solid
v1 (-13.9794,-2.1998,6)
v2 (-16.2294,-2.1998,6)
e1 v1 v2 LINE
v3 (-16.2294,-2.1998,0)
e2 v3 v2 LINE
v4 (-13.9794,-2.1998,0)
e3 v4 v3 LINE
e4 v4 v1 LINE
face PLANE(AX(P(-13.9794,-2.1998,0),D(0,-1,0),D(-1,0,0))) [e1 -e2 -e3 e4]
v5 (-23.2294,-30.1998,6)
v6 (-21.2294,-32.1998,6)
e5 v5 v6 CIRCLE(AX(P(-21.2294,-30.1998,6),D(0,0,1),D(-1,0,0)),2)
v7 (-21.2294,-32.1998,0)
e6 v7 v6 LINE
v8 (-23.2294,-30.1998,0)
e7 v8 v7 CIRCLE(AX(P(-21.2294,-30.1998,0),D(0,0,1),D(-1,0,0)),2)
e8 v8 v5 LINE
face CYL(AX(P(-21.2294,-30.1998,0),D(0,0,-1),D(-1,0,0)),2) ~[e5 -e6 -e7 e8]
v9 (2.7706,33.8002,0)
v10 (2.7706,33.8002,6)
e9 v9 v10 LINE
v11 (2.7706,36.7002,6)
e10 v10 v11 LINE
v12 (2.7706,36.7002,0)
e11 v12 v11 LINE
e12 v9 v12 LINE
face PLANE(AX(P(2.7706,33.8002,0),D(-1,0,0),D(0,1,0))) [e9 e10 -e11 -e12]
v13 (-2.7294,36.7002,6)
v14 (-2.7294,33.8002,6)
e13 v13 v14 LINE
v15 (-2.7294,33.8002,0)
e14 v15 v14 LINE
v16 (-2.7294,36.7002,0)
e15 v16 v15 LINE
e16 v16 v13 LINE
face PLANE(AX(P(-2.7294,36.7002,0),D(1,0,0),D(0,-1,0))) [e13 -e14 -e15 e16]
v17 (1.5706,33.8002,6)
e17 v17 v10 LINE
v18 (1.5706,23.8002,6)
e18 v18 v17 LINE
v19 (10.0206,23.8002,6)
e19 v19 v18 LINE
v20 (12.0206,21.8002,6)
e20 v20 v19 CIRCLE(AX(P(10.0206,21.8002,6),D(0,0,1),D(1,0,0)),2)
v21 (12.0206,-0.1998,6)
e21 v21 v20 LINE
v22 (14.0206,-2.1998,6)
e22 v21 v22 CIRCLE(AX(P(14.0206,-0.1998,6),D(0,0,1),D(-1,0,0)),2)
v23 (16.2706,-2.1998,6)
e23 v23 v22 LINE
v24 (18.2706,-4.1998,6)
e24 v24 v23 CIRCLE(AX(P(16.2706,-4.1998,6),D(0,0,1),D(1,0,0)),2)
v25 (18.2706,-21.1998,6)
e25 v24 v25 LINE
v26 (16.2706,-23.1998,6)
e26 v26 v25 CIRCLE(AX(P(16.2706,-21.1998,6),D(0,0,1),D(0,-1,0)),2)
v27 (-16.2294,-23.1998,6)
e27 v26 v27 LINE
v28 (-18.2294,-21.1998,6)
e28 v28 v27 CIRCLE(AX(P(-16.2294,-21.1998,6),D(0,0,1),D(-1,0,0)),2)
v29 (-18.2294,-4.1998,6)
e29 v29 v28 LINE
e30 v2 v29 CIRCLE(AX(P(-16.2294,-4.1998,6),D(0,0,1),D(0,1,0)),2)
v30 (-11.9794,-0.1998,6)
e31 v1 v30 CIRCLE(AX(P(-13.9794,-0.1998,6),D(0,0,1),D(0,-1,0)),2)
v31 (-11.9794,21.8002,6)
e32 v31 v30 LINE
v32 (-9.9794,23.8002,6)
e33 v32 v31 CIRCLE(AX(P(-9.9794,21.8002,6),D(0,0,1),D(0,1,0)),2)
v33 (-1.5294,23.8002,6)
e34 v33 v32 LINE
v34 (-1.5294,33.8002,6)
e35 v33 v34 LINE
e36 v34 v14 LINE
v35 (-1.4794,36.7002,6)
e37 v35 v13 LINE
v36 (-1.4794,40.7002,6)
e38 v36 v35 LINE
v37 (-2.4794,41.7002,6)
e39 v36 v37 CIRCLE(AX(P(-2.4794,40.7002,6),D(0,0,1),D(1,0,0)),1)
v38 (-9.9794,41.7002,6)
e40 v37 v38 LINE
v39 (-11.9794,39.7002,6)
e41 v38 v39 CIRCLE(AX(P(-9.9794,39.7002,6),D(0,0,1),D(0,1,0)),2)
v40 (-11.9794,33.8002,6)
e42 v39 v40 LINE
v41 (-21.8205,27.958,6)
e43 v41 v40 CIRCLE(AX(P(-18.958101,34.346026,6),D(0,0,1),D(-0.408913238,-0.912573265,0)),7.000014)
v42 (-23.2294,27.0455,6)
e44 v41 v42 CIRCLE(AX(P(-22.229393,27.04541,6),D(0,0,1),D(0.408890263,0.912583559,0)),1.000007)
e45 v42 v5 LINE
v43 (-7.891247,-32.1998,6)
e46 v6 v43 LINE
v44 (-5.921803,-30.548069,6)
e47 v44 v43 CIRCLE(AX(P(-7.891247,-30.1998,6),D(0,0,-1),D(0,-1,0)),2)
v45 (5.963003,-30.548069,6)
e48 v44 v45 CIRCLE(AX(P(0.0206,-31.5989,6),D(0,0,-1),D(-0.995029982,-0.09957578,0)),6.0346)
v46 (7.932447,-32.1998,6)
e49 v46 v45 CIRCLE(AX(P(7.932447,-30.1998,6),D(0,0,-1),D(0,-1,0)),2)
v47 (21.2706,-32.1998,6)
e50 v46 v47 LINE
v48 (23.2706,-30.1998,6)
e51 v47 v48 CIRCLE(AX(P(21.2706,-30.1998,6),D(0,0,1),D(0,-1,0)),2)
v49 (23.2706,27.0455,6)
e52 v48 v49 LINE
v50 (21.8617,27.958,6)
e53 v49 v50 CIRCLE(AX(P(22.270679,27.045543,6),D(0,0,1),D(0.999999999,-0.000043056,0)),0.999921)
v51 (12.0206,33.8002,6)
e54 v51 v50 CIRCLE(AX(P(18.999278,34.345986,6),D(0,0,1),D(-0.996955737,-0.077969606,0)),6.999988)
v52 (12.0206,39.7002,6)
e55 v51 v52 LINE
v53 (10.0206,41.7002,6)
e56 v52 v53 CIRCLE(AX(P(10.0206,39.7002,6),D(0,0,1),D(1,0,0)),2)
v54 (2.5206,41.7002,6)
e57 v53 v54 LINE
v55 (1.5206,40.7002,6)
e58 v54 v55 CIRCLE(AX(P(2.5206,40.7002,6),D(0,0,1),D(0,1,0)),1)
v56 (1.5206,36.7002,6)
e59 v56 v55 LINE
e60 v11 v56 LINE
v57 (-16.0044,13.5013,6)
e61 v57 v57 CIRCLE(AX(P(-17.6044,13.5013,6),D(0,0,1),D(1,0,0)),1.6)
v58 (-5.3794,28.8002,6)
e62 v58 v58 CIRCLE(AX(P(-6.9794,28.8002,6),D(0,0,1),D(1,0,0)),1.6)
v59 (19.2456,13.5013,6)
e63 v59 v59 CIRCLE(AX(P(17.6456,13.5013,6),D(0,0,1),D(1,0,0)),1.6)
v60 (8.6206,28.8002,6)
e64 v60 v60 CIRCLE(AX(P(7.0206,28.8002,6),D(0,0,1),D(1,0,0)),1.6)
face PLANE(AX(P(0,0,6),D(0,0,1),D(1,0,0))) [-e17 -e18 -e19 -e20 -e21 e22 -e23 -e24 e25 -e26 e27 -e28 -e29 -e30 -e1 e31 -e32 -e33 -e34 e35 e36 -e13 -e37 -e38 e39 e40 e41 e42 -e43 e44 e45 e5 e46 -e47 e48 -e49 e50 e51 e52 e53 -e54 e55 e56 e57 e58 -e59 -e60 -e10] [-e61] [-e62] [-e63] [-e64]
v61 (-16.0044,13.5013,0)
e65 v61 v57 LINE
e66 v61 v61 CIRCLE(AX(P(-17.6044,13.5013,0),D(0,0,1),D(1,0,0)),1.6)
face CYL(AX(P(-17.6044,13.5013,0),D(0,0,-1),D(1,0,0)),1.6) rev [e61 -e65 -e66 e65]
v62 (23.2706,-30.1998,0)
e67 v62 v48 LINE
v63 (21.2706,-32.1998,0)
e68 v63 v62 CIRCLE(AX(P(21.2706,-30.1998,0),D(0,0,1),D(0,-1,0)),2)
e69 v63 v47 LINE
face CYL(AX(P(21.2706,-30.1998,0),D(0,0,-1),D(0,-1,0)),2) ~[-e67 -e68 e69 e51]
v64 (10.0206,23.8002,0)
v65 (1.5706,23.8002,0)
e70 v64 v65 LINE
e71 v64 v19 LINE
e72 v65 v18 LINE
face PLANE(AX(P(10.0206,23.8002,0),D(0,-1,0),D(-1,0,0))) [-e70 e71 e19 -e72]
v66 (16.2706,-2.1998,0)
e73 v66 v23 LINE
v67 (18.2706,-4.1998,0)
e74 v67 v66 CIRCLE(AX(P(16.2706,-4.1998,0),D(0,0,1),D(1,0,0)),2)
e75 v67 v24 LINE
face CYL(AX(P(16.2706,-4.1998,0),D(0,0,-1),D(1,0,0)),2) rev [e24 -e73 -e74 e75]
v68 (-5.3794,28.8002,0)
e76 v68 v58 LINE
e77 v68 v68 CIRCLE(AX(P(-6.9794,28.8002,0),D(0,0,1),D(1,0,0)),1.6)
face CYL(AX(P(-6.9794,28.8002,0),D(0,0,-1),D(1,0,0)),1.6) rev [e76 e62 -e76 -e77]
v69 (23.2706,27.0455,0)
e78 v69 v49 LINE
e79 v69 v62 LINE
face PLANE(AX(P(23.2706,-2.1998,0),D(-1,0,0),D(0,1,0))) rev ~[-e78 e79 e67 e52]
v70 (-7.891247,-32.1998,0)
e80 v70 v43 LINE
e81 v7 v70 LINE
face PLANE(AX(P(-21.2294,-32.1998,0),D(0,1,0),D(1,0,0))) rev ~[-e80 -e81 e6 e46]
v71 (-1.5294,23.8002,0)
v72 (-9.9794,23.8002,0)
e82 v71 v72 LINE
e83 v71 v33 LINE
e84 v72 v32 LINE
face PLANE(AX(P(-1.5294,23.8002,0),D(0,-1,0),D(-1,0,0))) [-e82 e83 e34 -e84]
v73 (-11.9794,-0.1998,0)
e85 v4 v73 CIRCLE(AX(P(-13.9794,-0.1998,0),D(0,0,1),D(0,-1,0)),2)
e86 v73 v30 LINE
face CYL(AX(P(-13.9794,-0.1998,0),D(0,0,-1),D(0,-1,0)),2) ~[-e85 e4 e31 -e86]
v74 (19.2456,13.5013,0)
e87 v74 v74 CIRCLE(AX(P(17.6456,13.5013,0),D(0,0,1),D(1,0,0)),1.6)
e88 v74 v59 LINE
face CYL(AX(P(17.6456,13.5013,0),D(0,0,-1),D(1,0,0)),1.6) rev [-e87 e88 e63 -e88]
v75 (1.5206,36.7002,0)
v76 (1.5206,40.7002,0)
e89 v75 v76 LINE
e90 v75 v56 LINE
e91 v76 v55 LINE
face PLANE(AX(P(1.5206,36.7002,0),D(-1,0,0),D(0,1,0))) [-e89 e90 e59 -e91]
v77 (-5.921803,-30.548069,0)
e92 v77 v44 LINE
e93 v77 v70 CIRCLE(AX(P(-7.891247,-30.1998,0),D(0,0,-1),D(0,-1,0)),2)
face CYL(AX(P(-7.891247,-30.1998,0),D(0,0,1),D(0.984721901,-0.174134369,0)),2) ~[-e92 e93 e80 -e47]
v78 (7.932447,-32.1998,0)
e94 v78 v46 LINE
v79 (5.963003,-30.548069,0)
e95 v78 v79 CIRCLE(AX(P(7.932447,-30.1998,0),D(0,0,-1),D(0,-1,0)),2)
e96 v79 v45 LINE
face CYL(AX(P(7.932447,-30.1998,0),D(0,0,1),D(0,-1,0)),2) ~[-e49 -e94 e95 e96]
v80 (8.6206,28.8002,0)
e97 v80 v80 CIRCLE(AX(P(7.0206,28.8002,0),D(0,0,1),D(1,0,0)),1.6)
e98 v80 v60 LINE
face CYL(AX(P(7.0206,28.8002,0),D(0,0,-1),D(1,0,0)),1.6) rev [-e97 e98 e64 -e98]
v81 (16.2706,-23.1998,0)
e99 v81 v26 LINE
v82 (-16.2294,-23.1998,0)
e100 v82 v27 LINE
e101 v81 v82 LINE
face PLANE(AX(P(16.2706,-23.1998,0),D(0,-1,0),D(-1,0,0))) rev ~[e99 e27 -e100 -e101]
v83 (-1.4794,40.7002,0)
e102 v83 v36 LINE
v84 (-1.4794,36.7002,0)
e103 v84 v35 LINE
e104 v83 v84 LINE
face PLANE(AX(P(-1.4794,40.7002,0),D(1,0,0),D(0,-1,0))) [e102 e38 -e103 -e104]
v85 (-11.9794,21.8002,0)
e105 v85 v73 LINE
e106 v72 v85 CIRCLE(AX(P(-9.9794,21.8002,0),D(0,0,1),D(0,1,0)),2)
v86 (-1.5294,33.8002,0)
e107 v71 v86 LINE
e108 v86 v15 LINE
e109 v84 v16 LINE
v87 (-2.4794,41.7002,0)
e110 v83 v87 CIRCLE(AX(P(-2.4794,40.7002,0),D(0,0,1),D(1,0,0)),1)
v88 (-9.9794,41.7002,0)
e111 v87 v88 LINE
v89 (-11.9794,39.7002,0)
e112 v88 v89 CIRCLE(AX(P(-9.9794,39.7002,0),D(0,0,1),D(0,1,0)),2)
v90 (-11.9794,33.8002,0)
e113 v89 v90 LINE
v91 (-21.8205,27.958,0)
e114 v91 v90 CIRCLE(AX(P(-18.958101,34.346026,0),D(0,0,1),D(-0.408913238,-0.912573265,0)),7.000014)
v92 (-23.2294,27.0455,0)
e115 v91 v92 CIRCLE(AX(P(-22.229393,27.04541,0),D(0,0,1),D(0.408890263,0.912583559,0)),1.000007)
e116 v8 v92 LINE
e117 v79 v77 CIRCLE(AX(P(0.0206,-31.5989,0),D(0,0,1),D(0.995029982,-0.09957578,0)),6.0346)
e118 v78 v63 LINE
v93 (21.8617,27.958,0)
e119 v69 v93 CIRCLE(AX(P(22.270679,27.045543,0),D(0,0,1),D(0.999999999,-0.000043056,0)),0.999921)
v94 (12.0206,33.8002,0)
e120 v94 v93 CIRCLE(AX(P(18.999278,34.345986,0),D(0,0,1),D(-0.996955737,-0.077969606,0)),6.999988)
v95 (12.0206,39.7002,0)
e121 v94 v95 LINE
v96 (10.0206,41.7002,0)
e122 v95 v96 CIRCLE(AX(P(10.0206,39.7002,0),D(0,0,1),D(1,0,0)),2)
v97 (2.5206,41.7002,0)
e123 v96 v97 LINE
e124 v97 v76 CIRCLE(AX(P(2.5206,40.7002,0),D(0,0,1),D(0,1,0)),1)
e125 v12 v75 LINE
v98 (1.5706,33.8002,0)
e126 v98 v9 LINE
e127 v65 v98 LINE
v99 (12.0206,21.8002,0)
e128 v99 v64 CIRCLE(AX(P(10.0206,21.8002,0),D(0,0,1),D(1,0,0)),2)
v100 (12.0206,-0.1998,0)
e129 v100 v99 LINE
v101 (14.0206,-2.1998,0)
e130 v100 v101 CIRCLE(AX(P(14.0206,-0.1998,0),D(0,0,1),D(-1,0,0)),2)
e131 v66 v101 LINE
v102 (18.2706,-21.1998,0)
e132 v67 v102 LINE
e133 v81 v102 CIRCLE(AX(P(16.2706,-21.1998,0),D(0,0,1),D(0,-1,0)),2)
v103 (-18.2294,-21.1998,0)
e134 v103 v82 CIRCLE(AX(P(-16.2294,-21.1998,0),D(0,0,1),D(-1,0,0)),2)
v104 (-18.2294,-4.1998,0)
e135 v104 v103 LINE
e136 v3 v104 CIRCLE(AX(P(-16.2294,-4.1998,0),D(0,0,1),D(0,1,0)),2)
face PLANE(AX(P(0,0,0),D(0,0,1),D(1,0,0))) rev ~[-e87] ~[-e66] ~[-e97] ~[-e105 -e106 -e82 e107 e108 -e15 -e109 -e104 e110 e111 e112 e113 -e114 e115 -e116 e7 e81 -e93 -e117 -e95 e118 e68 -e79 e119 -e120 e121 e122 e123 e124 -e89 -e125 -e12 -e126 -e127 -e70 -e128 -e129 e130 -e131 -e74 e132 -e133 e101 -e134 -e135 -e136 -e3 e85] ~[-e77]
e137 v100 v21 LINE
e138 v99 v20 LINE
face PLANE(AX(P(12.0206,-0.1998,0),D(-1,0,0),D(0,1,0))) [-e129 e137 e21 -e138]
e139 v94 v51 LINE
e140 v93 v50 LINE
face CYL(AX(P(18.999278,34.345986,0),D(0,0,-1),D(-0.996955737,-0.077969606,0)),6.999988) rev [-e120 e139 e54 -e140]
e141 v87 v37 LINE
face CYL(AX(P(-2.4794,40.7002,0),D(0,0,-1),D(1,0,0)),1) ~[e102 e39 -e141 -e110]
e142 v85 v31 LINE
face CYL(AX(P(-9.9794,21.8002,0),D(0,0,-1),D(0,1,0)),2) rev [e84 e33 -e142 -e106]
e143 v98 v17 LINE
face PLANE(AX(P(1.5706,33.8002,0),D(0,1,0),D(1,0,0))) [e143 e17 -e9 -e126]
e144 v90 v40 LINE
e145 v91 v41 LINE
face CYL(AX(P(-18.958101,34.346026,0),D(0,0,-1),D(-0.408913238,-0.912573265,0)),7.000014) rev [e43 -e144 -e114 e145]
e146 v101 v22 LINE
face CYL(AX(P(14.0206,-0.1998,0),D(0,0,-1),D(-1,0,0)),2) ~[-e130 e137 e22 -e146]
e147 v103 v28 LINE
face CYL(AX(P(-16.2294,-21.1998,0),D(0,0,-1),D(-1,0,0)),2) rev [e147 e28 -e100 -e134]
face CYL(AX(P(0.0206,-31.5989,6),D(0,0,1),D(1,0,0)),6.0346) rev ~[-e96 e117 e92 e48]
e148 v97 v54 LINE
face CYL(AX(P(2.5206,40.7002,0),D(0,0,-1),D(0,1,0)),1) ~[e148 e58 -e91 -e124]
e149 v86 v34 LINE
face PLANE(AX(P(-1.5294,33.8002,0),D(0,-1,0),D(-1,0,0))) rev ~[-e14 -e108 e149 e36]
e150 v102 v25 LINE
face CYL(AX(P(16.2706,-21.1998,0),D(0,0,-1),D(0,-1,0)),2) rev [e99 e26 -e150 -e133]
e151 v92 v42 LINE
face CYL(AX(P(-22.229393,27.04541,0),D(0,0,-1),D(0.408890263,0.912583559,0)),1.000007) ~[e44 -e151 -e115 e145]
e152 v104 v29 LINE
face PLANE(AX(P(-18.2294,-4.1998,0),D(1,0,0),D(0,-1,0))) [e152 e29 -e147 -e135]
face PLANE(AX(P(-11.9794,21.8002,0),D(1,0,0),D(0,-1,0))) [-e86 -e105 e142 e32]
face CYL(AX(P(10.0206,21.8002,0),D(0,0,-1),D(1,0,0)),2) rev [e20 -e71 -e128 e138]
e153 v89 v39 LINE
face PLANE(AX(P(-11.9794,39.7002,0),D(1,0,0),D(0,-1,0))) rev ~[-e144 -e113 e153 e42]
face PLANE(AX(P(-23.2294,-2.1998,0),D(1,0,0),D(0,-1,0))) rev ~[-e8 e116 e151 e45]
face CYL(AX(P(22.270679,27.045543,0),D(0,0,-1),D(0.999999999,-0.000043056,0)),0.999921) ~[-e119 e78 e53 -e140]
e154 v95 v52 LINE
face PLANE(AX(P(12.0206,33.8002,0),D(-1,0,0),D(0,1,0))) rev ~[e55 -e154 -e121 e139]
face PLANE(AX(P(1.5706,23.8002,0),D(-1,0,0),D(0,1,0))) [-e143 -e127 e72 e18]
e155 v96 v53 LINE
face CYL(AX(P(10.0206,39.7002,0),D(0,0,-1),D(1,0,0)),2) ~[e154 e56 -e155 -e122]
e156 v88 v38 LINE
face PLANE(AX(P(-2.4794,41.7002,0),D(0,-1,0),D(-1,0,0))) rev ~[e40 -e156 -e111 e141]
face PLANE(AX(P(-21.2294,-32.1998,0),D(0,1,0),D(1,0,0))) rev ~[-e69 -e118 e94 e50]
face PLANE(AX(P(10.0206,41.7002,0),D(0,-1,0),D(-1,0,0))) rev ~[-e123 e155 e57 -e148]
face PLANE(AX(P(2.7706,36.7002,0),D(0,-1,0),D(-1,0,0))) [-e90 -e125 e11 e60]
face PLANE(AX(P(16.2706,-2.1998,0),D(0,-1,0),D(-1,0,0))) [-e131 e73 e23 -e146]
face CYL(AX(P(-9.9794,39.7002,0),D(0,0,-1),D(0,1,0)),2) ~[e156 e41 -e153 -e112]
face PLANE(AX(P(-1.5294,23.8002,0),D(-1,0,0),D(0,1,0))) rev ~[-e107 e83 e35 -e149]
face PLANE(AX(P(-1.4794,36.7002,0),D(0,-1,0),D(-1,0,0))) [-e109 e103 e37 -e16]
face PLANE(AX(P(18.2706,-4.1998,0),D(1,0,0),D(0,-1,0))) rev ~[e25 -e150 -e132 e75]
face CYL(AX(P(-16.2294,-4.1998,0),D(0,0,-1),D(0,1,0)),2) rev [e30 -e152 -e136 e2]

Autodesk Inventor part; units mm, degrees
ref_plane "YZ Plane" through (0, 0, 0) normal (1, 0, 0) x (0, 1, 0)
ref_plane "XZ Plane" through (0, 0, 0) normal (0, 1, 0) x (-1, 0, 0)
ref_plane "XY Plane" through (0, 0, 0) normal (0, 0, 1) x (1, 0, 0)
sketch "Sketch1" plane through (0, 0, 0) normal (0, 0, 1) x (1, 0, 0)
  line L0 (-11.9794, 21.8002) -> (-11.9794, -0.1998)
  line L1 (-13.9794, -2.1998) -> (-16.2294, -2.1998)
  line L2 (12.0206, -0.1998) -> (12.0206, 21.8002)
  line L3 (16.2706, -2.1998) -> (14.0206, -2.1998)
  line L4 (-23.2294, -2.1998) -> (-23.2294, 27.0455)
  line L5 (23.2706, -2.1998) -> (23.2706, 27.0455)
  line L6 (-1.5294, 33.8002) -> (-2.7294, 33.8002)
  line L7 (1.5706, 33.8002) -> (2.7706, 33.8002)
  arc A0 (12.0206, 33.8002) -> (21.8617, 27.958) centre (18.9993, 34.346) ccw
  arc A1 (-21.8205, 27.958) -> (-11.9794, 33.8002) centre (-18.9581, 34.346) ccw
  line L8 (-1.5294, 23.8002) -> (-1.5294, 33.8002)
  line L9 (1.5706, 23.8002) -> (1.5706, 33.8002)
  circle A2 centre (17.6456, 13.5013) radius 1.6
  circle A3 centre (-17.6044, 13.5013) radius 1.6
  circle A4 centre (7.0206, 28.8002) radius 1.6
  circle A5 centre (-6.9794, 28.8002) radius 1.6
  line L10 (-1.5294, 33.8002) -> (-2.7294, 33.8002)
  line L11 (2.7706, 33.8002) -> (2.7706, 36.7002)
  line L12 (-2.7294, 36.7002) -> (-2.7294, 33.8002)
  line L13 (-2.4794, 41.7002) -> (-9.9794, 41.7002)
  line L14 (-11.9794, 39.7002) -> (-11.9794, 33.8002)
  line L15 (12.0206, 33.8002) -> (12.0206, 39.7002)
  line L16 (10.0206, 41.7002) -> (2.5206, 41.7002)
  line L17 (1.5206, 36.7002) -> (1.5206, 40.7002)
  line L18 (-1.4794, 40.7002) -> (-1.4794, 36.7002)
  arc A6 (-9.9794, 23.8002) -> (-11.9794, 21.8002) centre (-9.9794, 21.8002) ccw
  arc A7 (12.0206, 21.8002) -> (10.0206, 23.8002) centre (10.0206, 21.8002) ccw
  arc A8 (12.0206, -0.1998) -> (14.0206, -2.1998) centre (14.0206, -0.1998) ccw
  arc A9 (-13.9794, -2.1998) -> (-11.9794, -0.1998) centre (-13.9794, -0.1998) ccw
  arc A10 (12.0206, 39.7002) -> (10.0206, 41.7002) centre (10.0206, 39.7002) ccw
  arc A11 (-9.9794, 41.7002) -> (-11.9794, 39.7002) centre (-9.9794, 39.7002) ccw
  arc A12 (-1.4794, 40.7002) -> (-2.4794, 41.7002) centre (-2.4794, 40.7002) ccw
  arc A13 (2.5206, 41.7002) -> (1.5206, 40.7002) centre (2.5206, 40.7002) ccw
  arc A14 (23.2706, 27.0455) -> (21.8617, 27.958) centre (22.2706, 27.0455) ccw
  arc A15 (-21.8205, 27.958) -> (-23.2294, 27.0455) centre (-22.2294, 27.0455) ccw
  line L19 (-23.2294, -2.1998) -> (-23.2294, -30.1998)
  line L20 (-21.2294, -32.1998) -> (21.2706, -32.1998)
  line L21 (23.2706, -30.1998) -> (23.2706, -2.1998)
  line L22 (-18.2294, -4.1998) -> (-18.2294, -21.1998)
  line L23 (18.2706, -4.1998) -> (18.2706, -21.1998)
  line L24 (16.2706, -23.1998) -> (-16.2294, -23.1998)
  arc A16 (-18.2294, -21.1998) -> (-16.2294, -23.1998) centre (-16.2294, -21.1998) ccw
  arc A17 (16.2706, -23.1998) -> (18.2706, -21.1998) centre (16.2706, -21.1998) ccw
  arc A18 (18.2706, -4.1998) -> (16.2706, -2.1998) centre (16.2706, -4.1998) ccw
  arc A19 (-16.2294, -2.1998) -> (-18.2294, -4.1998) centre (-16.2294, -4.1998) ccw
  arc A20 (21.2706, -32.1998) -> (23.2706, -30.1998) centre (21.2706, -30.1998) ccw
  arc A21 (-23.2294, -30.1998) -> (-21.2294, -32.1998) centre (-21.2294, -30.1998) ccw
  line L25 (10.0206, 23.8002) -> (1.5706, 23.8002)
  line L26 (-1.5294, 23.8002) -> (-9.9794, 23.8002)
  line L27 (-2.7294, 33.8002) -> (-1.5294, 33.8002)
  line L28 (1.5706, 33.8002) -> (2.7706, 33.8002)
  line L29 (2.7706, 36.7002) -> (1.5206, 36.7002)
  line L30 (-1.4794, 36.7002) -> (-2.7294, 36.7002)
  point P0 (0, 0)
  point P1 (0, 0)
  point P2 (-23.2294, 28.8002)
  point P3 (23.2706, 28.8002)
  point P4 (-23.2294, -32.1998)
  point P5 (-18.2294, -23.1998)
  dimension "d0" = 31
  dimension "d1" = 7
  dimension "d2" = 7
  dimension "d6" = 2
  dimension "d8" = 30
  dimension "d13" = 2
extrude "Extrusion1" add sketch "Sketch1" along normal blind 6
sketch "Sketch2" plane through (0, 0, 6) normal (0, 0, 1) x (1, 0, 0)
  line L0 (-21.2294, -32.1998) -> (21.2706, -32.1998) projected
  line L1 (0.0206, -32.1998) -> (0.0206, -28.1998)
  line L2 (0.0206, -28.1998) -> (0.0206, -34.998)
  line L3 (0.0206, -34.998) -> (0.0206, -28.1998)
  circle A0 centre (0.0206, -31.5989) radius 5.0514
  circle A1 centre (0.0206, -31.5989) radius 6.0346
  point P0 (0, 0)
  dimension "d16" = 4
extrude "Extrusion2" cut sketch "Sketch2" against normal blind 6
fillet "Fillet1" radius 2 2 edges at (6.0253, -32.1998, 3) (-5.984, -32.1998, 3)
properties part number "Hotend Slide Part 2" material "Acetal Resin, White"
